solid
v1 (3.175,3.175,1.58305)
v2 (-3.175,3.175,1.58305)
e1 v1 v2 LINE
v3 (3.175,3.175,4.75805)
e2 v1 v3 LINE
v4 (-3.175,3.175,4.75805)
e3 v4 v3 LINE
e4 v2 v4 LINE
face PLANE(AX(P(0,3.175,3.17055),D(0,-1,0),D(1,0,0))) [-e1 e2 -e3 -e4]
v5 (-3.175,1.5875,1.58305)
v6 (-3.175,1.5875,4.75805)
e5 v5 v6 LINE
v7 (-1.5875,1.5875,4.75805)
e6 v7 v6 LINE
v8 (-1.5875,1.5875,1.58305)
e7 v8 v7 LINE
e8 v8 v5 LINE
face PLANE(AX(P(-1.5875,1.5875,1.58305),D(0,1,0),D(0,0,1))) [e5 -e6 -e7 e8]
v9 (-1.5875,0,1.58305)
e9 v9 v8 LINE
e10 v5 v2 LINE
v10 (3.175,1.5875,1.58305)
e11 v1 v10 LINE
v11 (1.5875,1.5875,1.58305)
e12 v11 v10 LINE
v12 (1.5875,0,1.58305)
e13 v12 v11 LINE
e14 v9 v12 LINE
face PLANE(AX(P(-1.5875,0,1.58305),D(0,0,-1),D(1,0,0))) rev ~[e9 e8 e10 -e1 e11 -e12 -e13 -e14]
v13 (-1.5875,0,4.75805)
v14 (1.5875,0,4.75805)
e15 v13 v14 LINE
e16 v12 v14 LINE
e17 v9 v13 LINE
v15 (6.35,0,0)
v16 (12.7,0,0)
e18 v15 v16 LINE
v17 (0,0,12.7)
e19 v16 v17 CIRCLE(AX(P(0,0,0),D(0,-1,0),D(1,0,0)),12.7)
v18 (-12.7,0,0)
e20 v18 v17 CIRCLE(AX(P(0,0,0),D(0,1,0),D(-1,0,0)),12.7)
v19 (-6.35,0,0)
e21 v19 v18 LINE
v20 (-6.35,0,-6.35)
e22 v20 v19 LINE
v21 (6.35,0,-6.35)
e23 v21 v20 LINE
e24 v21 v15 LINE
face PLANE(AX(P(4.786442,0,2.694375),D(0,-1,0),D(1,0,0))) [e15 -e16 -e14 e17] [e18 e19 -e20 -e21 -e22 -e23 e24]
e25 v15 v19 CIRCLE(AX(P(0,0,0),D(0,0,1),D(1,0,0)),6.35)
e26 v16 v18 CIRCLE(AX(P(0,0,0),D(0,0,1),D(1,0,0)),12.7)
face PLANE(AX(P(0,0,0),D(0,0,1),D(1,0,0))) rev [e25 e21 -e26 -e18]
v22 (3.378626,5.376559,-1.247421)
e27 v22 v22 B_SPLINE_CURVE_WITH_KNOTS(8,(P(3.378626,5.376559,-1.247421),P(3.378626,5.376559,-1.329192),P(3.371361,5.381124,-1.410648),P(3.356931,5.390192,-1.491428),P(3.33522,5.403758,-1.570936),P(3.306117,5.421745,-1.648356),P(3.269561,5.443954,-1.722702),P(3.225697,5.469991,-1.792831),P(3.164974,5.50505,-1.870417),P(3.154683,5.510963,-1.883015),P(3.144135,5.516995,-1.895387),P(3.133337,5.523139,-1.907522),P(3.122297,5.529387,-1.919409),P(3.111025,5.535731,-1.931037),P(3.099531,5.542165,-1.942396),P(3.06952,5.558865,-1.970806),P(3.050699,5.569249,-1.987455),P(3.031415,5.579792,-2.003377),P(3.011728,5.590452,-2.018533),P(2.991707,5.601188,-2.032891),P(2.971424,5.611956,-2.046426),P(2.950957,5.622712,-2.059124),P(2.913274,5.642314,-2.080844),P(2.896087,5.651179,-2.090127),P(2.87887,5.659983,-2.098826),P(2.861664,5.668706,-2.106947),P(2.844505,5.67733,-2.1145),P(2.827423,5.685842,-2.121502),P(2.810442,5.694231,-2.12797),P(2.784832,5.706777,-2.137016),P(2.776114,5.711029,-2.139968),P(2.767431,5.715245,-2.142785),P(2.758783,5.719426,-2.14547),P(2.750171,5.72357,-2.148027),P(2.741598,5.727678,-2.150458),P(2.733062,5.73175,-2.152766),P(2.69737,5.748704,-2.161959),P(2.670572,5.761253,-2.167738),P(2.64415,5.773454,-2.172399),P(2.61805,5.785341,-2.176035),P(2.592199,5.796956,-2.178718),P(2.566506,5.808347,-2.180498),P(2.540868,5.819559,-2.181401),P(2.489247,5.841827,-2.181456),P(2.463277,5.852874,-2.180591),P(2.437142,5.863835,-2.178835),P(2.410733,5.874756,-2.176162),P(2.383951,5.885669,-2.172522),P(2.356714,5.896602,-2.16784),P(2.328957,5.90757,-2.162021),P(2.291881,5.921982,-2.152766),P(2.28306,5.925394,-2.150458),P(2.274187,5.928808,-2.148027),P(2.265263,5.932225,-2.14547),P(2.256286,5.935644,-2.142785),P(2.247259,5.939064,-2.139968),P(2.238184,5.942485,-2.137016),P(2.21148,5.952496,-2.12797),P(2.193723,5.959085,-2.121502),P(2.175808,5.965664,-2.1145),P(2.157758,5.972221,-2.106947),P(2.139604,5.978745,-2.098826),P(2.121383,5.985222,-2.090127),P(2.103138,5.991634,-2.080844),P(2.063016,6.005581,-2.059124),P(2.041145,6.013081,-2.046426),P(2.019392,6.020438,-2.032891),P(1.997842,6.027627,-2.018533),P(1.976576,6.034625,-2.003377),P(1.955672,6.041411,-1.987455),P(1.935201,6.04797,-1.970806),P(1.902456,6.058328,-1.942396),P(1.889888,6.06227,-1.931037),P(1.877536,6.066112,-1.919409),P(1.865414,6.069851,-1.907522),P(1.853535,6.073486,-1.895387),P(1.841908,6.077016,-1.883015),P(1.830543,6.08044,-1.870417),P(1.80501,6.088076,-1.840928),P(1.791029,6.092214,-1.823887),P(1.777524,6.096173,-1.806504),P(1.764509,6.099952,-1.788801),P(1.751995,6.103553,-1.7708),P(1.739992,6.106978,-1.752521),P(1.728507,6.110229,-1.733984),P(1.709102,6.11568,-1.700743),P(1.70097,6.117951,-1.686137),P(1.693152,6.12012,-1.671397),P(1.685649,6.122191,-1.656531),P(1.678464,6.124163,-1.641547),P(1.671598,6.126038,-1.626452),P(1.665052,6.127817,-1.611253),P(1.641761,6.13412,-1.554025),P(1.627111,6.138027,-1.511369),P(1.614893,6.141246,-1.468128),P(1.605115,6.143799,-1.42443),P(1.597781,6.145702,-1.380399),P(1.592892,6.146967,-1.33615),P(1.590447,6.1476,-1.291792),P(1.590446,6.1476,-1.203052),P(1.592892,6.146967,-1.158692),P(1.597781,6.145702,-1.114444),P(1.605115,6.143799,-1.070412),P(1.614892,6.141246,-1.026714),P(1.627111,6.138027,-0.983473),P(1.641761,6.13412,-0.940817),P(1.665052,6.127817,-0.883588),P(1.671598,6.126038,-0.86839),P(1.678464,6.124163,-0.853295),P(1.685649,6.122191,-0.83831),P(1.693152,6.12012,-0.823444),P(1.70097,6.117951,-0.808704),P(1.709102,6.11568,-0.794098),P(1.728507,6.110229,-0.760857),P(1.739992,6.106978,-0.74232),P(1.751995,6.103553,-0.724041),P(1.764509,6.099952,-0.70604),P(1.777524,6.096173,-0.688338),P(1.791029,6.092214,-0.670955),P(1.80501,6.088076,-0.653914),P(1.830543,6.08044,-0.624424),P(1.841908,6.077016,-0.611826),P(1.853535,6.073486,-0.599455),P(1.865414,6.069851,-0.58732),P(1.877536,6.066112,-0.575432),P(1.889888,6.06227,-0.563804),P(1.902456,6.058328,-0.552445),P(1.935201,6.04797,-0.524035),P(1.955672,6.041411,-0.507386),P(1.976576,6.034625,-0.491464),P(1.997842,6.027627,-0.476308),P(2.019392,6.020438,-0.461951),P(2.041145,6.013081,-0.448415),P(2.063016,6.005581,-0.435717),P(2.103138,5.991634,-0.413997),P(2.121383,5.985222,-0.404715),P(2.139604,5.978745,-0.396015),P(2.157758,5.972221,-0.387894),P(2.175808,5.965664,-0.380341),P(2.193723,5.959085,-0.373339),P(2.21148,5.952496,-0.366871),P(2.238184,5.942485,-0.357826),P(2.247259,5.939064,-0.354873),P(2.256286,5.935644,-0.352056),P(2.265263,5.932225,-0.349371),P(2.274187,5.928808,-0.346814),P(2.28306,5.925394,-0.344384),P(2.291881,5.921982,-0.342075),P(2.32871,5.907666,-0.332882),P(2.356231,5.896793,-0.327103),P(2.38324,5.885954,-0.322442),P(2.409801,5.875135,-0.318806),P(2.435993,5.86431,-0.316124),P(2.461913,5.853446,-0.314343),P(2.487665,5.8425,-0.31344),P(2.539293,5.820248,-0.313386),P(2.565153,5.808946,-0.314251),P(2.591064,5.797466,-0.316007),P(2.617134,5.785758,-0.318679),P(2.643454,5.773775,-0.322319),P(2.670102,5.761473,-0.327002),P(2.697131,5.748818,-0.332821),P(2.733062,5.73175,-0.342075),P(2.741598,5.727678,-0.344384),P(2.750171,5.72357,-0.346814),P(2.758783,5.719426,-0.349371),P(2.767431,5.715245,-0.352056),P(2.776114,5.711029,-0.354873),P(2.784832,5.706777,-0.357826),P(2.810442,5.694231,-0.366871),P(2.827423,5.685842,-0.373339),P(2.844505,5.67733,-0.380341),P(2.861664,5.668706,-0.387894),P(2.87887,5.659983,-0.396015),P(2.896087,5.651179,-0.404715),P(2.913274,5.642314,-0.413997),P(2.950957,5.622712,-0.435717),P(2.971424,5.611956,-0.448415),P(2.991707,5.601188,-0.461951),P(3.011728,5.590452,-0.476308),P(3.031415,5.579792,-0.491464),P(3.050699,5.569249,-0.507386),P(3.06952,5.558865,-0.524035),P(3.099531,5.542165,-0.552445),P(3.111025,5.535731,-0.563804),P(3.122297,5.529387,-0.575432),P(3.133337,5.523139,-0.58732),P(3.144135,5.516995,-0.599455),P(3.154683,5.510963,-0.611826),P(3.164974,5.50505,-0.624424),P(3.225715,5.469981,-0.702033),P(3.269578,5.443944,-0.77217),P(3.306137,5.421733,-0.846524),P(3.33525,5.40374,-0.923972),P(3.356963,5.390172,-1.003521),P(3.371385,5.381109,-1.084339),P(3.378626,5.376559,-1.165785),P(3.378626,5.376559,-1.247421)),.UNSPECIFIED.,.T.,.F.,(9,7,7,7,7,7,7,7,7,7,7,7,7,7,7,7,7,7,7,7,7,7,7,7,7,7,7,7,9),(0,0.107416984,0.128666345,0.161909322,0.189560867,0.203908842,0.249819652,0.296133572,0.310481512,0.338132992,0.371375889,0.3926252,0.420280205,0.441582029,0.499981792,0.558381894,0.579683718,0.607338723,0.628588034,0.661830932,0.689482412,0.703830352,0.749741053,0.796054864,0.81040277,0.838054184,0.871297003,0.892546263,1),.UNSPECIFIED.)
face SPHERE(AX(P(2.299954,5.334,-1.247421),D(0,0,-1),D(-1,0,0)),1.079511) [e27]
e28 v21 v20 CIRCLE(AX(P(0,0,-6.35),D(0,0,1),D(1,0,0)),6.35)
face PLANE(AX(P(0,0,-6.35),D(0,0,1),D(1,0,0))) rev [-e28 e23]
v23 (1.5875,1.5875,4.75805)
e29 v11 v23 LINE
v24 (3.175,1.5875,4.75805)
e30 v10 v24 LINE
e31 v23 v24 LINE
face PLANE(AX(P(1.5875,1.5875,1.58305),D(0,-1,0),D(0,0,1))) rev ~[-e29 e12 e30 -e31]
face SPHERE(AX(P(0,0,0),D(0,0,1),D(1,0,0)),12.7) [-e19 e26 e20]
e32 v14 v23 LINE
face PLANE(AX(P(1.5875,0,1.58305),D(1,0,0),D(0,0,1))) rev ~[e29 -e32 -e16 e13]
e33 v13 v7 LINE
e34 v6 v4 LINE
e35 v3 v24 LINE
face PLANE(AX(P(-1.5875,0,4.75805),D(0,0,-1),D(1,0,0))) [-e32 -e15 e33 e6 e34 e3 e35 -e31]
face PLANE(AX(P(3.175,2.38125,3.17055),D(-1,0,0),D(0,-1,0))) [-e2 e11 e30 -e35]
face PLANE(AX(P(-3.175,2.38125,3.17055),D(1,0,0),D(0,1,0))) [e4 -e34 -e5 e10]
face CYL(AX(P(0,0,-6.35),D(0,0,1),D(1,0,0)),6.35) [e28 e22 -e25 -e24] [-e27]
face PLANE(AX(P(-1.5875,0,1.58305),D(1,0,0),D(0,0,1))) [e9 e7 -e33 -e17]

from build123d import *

# Parameters (mm, degrees)
F1_ANGLE = 180
F2_W     = 3.175
F2_H     = 3.175
F3_DEPTH = 3.175
F4_W     = 1.5875
F4_H     = 3.175
F5_DEPTH = 1.5875
F6_W     = 1.5875
F6_H     = 3.175
F7_DEPTH = 1.5875


with BuildPart() as f1:
    # F0 (on Front) → F1 (revolve)
    with BuildSketch(Plane.XZ):
        with BuildLine():
            Line((6.35, 0), (12.7, 0))
            ThreePointArc((12.7, 0), (8.9802561211, 8.9802561211), (0, 12.7))
            Line((0, 12.7), (0, 0))
            Line((0, 0), (0, -6.35))
            Line((0, -6.35), (6.35, -6.35))
            Line((6.35, -6.35), (6.35, 0))
        make_face()
    revolve(axis=Axis((0, 0, 3.175), (0, 0, 1)), revolution_arc=F1_ANGLE)

    # F2 (on face) → F3 (cut)
    with BuildSketch(Plane.XZ):
        with Locations((0, 3.1705502801)):
            Rectangle(F2_W, F2_H)
    extrude(amount=-F3_DEPTH, mode=Mode.SUBTRACT)

    # F4 (on face) → F5 (cut)
    with BuildSketch(Plane(origin=(1.5875, 0, 0), x_dir=(0, -1, 0), z_dir=(-1, 0, 0))):
        with Locations((-2.38125, 3.1705502801)):
            Rectangle(F4_W, F4_H)
    extrude(amount=-F5_DEPTH, mode=Mode.SUBTRACT)

    # F6 (on face) → F7 (cut)
    with BuildSketch(Plane.YZ.offset(-1.5875)):
        with Locations((2.38125, 3.1705502801)):
            Rectangle(F6_W, F6_H)
    extrude(amount=-F7_DEPTH, mode=Mode.SUBTRACT)

    # F10 (on offset) → F11 (revolve)
    with BuildSketch(Plane.XZ.offset(-5.334)):
        with BuildLine():
            Line((2.2999537177, -1.2474206742), (2.2999537177, -0.1679093605))
            ThreePointArc((2.2999537177, -0.1679093605), (1.2204424041, -1.2474206742), (2.2999537177, -2.3269319879))
            Line((2.2999537177, -2.3269319879), (2.2999537177, -1.2474206742))
        make_face()
    revolve(axis=Axis((2.2999537177, 5.334, -1.787176331), (0, 0, -1)))


solid = f1.part
